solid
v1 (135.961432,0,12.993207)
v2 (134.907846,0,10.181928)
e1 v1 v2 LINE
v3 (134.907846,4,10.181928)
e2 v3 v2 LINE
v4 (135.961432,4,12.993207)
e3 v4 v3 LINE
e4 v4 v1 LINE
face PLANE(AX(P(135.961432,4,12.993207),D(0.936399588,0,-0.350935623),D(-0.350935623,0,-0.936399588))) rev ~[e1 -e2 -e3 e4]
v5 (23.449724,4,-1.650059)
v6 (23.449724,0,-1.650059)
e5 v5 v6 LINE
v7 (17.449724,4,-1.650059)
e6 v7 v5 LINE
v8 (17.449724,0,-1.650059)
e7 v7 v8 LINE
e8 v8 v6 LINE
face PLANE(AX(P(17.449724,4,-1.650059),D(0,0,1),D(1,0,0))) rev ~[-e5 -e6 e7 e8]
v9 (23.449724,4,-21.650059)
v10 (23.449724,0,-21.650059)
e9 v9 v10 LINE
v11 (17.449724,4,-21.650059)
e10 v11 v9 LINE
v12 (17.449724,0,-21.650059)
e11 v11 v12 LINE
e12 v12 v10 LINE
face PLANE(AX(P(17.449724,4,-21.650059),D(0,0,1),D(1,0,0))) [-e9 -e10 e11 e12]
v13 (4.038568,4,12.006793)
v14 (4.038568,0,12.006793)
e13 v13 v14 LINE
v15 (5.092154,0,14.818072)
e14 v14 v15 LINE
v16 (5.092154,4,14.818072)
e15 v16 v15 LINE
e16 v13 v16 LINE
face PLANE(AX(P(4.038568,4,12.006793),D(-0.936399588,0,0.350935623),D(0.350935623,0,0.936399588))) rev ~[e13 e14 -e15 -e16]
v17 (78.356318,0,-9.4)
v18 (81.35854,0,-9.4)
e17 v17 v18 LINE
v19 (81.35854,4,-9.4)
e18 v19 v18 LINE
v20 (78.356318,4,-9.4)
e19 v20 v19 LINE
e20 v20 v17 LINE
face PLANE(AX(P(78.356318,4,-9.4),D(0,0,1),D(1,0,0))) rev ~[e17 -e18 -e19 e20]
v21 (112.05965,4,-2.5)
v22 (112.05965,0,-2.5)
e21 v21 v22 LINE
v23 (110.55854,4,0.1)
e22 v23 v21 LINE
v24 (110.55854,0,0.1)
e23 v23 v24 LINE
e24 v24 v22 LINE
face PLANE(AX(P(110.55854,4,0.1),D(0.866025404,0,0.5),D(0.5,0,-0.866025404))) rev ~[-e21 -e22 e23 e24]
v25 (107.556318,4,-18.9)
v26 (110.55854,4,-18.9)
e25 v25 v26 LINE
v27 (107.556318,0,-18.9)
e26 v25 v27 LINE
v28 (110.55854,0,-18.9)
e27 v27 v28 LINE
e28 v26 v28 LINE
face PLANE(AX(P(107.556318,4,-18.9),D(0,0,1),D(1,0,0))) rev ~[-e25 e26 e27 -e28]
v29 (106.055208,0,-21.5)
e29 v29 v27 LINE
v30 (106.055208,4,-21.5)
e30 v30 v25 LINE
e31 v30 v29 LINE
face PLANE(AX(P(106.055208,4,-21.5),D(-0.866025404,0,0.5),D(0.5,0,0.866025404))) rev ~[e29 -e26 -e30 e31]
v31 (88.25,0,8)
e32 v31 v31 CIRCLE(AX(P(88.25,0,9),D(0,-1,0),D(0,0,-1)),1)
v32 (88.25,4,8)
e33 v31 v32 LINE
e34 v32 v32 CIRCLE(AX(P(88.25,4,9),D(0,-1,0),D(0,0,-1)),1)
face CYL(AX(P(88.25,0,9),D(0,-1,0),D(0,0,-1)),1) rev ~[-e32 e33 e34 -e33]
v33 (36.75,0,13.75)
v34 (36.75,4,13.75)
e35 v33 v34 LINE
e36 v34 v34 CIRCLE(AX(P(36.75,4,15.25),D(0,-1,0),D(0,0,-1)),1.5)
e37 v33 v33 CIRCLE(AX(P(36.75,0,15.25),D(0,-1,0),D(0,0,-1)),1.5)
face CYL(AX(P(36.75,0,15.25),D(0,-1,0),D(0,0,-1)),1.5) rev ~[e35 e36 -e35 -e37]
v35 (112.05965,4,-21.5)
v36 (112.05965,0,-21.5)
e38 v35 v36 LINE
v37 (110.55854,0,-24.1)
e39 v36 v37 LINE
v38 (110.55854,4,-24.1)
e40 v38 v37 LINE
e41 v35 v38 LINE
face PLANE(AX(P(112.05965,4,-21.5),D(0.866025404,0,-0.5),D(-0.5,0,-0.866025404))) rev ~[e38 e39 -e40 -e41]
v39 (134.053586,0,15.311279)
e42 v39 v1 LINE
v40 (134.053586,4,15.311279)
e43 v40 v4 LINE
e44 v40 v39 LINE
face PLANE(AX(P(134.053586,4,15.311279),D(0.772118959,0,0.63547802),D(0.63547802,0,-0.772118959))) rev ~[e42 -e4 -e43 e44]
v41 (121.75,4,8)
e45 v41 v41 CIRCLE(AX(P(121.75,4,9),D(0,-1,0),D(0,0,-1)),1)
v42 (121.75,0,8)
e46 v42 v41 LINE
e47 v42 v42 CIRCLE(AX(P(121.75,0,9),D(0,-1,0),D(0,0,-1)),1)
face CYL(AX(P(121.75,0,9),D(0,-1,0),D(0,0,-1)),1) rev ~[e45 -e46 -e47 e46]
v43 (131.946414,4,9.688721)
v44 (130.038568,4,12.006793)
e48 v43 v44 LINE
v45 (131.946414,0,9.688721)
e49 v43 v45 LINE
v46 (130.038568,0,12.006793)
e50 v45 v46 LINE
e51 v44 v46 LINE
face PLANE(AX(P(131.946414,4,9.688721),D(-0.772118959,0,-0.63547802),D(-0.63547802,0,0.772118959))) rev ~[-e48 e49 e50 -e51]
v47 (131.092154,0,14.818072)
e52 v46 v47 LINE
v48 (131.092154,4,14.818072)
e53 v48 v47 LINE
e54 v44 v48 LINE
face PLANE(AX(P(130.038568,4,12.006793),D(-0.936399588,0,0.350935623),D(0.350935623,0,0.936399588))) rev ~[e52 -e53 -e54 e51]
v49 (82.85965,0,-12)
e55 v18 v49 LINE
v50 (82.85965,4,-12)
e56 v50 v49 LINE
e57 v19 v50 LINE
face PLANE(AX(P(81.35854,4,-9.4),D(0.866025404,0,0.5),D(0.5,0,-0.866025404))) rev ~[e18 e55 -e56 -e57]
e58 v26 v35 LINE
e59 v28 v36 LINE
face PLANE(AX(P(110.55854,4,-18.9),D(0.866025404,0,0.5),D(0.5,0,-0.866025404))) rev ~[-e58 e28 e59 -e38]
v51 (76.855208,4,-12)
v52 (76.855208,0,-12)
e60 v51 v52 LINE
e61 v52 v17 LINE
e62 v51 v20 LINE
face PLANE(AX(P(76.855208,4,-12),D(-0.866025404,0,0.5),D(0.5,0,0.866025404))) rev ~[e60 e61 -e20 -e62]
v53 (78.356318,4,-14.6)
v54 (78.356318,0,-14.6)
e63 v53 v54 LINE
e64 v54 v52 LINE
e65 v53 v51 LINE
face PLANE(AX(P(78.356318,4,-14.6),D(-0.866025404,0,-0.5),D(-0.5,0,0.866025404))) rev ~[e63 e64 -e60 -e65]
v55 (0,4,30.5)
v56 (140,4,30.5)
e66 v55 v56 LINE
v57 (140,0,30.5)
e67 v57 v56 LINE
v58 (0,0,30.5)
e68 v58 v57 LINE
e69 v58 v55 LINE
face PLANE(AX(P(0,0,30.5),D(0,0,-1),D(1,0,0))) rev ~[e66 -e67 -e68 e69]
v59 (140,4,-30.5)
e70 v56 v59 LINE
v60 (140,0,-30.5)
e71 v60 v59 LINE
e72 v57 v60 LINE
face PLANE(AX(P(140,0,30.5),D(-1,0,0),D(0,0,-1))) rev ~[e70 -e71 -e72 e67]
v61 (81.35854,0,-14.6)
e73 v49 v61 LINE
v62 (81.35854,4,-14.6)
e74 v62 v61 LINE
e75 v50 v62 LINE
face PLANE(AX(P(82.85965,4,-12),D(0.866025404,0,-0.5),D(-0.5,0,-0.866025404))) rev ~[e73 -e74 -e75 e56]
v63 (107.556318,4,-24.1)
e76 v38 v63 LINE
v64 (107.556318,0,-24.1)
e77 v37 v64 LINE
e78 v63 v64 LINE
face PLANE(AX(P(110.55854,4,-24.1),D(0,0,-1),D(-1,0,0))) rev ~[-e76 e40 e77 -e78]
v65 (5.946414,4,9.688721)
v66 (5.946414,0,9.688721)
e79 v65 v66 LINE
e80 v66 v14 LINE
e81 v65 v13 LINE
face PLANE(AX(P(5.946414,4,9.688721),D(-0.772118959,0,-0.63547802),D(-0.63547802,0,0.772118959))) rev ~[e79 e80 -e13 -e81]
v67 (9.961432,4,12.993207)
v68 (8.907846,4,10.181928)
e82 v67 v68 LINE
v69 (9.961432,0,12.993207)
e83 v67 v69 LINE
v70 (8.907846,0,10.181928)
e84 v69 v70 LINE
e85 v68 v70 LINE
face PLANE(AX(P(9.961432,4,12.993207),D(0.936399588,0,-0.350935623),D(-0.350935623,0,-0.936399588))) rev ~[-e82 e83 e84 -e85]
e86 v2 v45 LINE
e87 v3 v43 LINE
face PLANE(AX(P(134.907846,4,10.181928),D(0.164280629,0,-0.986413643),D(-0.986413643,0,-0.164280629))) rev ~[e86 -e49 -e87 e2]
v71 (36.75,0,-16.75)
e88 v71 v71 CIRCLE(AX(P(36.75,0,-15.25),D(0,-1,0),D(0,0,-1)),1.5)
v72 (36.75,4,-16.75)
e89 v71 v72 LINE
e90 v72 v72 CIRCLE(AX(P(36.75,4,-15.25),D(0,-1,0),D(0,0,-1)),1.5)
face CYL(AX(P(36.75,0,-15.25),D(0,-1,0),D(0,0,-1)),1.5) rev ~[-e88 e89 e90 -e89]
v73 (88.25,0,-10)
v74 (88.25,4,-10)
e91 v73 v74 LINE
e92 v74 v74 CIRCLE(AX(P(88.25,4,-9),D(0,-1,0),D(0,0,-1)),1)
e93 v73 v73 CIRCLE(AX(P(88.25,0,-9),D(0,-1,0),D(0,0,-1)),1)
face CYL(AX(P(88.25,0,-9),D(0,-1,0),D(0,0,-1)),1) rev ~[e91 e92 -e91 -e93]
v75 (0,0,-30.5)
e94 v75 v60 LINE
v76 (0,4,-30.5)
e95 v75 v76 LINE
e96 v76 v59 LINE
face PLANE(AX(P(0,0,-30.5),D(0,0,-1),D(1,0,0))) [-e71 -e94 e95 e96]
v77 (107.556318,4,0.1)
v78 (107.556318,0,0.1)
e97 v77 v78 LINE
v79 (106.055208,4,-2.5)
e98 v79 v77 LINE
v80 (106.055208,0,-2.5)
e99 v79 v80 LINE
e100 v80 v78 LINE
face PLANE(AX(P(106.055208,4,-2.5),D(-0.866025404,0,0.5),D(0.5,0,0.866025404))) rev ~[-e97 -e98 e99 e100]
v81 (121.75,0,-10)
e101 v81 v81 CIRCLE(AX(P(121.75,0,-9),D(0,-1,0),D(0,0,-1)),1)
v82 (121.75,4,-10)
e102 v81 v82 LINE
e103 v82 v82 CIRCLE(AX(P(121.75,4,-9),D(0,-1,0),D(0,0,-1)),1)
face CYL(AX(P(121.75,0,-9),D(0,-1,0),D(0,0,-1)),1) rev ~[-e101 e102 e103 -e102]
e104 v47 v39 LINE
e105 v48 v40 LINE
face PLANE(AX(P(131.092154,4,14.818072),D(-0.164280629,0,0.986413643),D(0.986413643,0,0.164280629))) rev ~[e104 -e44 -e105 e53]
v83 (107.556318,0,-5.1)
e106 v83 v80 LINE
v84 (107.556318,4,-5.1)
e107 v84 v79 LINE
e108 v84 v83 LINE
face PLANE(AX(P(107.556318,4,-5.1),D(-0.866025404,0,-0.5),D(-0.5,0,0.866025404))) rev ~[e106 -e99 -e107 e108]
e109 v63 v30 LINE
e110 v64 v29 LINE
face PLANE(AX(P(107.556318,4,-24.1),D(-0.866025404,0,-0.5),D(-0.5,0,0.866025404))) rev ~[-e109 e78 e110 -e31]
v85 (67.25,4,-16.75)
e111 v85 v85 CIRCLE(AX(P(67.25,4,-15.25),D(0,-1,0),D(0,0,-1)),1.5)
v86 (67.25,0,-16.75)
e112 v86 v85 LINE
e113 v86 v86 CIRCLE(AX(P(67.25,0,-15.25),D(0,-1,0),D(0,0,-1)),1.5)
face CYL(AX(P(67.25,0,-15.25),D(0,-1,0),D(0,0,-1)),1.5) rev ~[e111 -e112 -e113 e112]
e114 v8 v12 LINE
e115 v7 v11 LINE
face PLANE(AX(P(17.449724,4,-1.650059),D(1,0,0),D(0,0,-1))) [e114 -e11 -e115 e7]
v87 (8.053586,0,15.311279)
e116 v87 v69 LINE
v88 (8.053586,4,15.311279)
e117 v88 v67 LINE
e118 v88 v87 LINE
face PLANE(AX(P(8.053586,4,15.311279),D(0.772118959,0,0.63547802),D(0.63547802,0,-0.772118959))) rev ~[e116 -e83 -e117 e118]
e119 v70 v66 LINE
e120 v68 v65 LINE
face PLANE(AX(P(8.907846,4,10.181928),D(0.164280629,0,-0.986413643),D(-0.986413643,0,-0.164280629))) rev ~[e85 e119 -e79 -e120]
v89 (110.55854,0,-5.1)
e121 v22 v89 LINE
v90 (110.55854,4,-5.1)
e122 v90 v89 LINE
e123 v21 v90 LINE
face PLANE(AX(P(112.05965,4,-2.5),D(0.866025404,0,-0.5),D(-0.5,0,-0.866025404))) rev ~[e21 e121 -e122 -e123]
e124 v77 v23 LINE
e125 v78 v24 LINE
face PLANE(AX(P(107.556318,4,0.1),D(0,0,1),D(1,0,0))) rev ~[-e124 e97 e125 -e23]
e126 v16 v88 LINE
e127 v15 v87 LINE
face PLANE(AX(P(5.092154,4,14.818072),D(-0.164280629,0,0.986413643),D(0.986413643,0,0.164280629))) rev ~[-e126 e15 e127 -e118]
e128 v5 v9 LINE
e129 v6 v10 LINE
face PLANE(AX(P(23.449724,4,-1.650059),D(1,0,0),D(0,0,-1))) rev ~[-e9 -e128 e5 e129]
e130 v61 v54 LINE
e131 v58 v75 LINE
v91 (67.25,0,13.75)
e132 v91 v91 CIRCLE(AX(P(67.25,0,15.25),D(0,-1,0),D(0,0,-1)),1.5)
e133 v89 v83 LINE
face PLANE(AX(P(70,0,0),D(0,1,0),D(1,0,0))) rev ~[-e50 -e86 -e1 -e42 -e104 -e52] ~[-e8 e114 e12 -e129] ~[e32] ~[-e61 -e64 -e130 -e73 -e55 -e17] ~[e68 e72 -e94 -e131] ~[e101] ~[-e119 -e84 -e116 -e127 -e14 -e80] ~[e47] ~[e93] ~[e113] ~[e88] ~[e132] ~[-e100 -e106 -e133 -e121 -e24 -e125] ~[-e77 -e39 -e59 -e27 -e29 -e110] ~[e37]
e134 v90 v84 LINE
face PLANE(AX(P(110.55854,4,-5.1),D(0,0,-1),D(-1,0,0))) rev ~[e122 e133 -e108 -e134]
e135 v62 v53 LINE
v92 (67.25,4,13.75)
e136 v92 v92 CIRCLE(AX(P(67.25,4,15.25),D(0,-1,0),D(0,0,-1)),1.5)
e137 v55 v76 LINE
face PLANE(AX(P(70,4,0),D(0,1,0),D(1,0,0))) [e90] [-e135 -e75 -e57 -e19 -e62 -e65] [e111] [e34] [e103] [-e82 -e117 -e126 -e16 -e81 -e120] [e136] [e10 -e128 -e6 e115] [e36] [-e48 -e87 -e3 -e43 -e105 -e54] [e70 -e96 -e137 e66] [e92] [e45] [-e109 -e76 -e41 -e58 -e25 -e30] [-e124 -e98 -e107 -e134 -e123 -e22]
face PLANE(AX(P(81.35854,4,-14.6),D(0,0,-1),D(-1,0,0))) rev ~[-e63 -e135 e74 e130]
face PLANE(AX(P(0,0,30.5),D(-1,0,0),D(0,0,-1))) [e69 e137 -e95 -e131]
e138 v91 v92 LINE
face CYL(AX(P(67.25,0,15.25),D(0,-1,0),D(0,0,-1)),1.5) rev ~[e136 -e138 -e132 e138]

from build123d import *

# Parameters (mm, degrees)
SKETCH1_W           = 140
SKETCH1_H           = 61
BOSS_EXTRUDE1_DEPTH = 4
SKETCH2_W           = 6
SKETCH2_H           = 20
CUT_EXTRUDE1_DEPTH  = 10
SKETCH4_3_R         = 1
SKETCH4_3_R_2       = 1.5
CUT_EXTRUDE3_DEPTH  = 4
CUT_EXTRUDE4_DEPTH  = 34
CUT_EXTRUDE5_DEPTH  = 10


with BuildPart() as part:
    # Sketch1 → Boss-Extrude1 (new body)
    with BuildSketch(Plane(origin=(0, 0, 0), x_dir=(1, 0, 0), z_dir=(0, 1, 0))):
        with Locations((70, 0)):
            Rectangle(SKETCH1_W, SKETCH1_H)
    extrude(amount=BOSS_EXTRUDE1_DEPTH)

    # Sketch2 → Cut-Extrude1 (cut)
    with BuildSketch(Plane(origin=(0, 4, 0), x_dir=(1, 0, 0), z_dir=(0, 1, 0))):
        with Locations((20.449723582, 11.650059082)):
            Rectangle(SKETCH2_W, SKETCH2_H)
    extrude(amount=-CUT_EXTRUDE1_DEPTH, mode=Mode.SUBTRACT)

    # Sketch4<3> → Cut-Extrude3 (cut)
    with BuildSketch(Plane.XZ):
        with Locations((88.25, -9)):
            Circle(SKETCH4_3_R)
        with Locations((88.25, 9)):
            Circle(SKETCH4_3_R)
        with Locations((121.75, -9)):
            Circle(SKETCH4_3_R)
        with Locations((121.75, 9)):
            Circle(SKETCH4_3_R)
        with Locations((36.75, 15.25)):
            Circle(SKETCH4_3_R_2)
        with Locations((67.25, 15.25)):
            Circle(SKETCH4_3_R_2)
        with Locations((67.25, -15.25)):
            Circle(SKETCH4_3_R_2)
        with Locations((36.75, -15.25)):
            Circle(SKETCH4_3_R_2)
    extrude(amount=-CUT_EXTRUDE3_DEPTH, mode=Mode.SUBTRACT)

    # Sketch6 → Cut-Extrude4 (cut)
    with BuildSketch(Plane(origin=(0, 4, 0), x_dir=(1, 0, 0), z_dir=(0, 1, 0))):
        Polygon((81.358539738, 14.6), (78.356318338, 14.6), (76.855207639, 12), (78.356318338, 9.4), (81.358539738, 9.4), (82.859650438, 12), align=None)
        Polygon((110.558539738, 5.1), (107.556318338, 5.1), (106.055207639, 2.5), (107.556318338, -0.1), (110.558539738, -0.1), (112.059650438, 2.5), align=None)
        Polygon((112.059650438, 21.5), (110.558539738, 24.1), (107.556318338, 24.1), (106.055207639, 21.5), (107.556318338, 18.9), (110.558539738, 18.9), align=None)
    extrude(amount=-CUT_EXTRUDE4_DEPTH, mode=Mode.SUBTRACT)

    # Sketch7 → Cut-Extrude5 (cut)
    with BuildSketch(Plane(origin=(0, 4, 0), x_dir=(1, 0, 0), z_dir=(0, 1, 0))):
        Polygon((9.961432148, -12.993206821), (8.90784571, -10.181927939), (5.946413563, -9.688721118), (4.038567852, -12.006793179), (5.09215429, -14.818072061), (8.053586437, -15.311278882), align=None)
        Polygon((135.961432148, -12.993206821), (134.90784571, -10.181927939), (131.946413563, -9.688721118), (130.038567852, -12.006793179), (131.09215429, -14.818072061), (134.053586437, -15.311278882), align=None)
    extrude(amount=-CUT_EXTRUDE5_DEPTH, mode=Mode.SUBTRACT)


solid = part.part
